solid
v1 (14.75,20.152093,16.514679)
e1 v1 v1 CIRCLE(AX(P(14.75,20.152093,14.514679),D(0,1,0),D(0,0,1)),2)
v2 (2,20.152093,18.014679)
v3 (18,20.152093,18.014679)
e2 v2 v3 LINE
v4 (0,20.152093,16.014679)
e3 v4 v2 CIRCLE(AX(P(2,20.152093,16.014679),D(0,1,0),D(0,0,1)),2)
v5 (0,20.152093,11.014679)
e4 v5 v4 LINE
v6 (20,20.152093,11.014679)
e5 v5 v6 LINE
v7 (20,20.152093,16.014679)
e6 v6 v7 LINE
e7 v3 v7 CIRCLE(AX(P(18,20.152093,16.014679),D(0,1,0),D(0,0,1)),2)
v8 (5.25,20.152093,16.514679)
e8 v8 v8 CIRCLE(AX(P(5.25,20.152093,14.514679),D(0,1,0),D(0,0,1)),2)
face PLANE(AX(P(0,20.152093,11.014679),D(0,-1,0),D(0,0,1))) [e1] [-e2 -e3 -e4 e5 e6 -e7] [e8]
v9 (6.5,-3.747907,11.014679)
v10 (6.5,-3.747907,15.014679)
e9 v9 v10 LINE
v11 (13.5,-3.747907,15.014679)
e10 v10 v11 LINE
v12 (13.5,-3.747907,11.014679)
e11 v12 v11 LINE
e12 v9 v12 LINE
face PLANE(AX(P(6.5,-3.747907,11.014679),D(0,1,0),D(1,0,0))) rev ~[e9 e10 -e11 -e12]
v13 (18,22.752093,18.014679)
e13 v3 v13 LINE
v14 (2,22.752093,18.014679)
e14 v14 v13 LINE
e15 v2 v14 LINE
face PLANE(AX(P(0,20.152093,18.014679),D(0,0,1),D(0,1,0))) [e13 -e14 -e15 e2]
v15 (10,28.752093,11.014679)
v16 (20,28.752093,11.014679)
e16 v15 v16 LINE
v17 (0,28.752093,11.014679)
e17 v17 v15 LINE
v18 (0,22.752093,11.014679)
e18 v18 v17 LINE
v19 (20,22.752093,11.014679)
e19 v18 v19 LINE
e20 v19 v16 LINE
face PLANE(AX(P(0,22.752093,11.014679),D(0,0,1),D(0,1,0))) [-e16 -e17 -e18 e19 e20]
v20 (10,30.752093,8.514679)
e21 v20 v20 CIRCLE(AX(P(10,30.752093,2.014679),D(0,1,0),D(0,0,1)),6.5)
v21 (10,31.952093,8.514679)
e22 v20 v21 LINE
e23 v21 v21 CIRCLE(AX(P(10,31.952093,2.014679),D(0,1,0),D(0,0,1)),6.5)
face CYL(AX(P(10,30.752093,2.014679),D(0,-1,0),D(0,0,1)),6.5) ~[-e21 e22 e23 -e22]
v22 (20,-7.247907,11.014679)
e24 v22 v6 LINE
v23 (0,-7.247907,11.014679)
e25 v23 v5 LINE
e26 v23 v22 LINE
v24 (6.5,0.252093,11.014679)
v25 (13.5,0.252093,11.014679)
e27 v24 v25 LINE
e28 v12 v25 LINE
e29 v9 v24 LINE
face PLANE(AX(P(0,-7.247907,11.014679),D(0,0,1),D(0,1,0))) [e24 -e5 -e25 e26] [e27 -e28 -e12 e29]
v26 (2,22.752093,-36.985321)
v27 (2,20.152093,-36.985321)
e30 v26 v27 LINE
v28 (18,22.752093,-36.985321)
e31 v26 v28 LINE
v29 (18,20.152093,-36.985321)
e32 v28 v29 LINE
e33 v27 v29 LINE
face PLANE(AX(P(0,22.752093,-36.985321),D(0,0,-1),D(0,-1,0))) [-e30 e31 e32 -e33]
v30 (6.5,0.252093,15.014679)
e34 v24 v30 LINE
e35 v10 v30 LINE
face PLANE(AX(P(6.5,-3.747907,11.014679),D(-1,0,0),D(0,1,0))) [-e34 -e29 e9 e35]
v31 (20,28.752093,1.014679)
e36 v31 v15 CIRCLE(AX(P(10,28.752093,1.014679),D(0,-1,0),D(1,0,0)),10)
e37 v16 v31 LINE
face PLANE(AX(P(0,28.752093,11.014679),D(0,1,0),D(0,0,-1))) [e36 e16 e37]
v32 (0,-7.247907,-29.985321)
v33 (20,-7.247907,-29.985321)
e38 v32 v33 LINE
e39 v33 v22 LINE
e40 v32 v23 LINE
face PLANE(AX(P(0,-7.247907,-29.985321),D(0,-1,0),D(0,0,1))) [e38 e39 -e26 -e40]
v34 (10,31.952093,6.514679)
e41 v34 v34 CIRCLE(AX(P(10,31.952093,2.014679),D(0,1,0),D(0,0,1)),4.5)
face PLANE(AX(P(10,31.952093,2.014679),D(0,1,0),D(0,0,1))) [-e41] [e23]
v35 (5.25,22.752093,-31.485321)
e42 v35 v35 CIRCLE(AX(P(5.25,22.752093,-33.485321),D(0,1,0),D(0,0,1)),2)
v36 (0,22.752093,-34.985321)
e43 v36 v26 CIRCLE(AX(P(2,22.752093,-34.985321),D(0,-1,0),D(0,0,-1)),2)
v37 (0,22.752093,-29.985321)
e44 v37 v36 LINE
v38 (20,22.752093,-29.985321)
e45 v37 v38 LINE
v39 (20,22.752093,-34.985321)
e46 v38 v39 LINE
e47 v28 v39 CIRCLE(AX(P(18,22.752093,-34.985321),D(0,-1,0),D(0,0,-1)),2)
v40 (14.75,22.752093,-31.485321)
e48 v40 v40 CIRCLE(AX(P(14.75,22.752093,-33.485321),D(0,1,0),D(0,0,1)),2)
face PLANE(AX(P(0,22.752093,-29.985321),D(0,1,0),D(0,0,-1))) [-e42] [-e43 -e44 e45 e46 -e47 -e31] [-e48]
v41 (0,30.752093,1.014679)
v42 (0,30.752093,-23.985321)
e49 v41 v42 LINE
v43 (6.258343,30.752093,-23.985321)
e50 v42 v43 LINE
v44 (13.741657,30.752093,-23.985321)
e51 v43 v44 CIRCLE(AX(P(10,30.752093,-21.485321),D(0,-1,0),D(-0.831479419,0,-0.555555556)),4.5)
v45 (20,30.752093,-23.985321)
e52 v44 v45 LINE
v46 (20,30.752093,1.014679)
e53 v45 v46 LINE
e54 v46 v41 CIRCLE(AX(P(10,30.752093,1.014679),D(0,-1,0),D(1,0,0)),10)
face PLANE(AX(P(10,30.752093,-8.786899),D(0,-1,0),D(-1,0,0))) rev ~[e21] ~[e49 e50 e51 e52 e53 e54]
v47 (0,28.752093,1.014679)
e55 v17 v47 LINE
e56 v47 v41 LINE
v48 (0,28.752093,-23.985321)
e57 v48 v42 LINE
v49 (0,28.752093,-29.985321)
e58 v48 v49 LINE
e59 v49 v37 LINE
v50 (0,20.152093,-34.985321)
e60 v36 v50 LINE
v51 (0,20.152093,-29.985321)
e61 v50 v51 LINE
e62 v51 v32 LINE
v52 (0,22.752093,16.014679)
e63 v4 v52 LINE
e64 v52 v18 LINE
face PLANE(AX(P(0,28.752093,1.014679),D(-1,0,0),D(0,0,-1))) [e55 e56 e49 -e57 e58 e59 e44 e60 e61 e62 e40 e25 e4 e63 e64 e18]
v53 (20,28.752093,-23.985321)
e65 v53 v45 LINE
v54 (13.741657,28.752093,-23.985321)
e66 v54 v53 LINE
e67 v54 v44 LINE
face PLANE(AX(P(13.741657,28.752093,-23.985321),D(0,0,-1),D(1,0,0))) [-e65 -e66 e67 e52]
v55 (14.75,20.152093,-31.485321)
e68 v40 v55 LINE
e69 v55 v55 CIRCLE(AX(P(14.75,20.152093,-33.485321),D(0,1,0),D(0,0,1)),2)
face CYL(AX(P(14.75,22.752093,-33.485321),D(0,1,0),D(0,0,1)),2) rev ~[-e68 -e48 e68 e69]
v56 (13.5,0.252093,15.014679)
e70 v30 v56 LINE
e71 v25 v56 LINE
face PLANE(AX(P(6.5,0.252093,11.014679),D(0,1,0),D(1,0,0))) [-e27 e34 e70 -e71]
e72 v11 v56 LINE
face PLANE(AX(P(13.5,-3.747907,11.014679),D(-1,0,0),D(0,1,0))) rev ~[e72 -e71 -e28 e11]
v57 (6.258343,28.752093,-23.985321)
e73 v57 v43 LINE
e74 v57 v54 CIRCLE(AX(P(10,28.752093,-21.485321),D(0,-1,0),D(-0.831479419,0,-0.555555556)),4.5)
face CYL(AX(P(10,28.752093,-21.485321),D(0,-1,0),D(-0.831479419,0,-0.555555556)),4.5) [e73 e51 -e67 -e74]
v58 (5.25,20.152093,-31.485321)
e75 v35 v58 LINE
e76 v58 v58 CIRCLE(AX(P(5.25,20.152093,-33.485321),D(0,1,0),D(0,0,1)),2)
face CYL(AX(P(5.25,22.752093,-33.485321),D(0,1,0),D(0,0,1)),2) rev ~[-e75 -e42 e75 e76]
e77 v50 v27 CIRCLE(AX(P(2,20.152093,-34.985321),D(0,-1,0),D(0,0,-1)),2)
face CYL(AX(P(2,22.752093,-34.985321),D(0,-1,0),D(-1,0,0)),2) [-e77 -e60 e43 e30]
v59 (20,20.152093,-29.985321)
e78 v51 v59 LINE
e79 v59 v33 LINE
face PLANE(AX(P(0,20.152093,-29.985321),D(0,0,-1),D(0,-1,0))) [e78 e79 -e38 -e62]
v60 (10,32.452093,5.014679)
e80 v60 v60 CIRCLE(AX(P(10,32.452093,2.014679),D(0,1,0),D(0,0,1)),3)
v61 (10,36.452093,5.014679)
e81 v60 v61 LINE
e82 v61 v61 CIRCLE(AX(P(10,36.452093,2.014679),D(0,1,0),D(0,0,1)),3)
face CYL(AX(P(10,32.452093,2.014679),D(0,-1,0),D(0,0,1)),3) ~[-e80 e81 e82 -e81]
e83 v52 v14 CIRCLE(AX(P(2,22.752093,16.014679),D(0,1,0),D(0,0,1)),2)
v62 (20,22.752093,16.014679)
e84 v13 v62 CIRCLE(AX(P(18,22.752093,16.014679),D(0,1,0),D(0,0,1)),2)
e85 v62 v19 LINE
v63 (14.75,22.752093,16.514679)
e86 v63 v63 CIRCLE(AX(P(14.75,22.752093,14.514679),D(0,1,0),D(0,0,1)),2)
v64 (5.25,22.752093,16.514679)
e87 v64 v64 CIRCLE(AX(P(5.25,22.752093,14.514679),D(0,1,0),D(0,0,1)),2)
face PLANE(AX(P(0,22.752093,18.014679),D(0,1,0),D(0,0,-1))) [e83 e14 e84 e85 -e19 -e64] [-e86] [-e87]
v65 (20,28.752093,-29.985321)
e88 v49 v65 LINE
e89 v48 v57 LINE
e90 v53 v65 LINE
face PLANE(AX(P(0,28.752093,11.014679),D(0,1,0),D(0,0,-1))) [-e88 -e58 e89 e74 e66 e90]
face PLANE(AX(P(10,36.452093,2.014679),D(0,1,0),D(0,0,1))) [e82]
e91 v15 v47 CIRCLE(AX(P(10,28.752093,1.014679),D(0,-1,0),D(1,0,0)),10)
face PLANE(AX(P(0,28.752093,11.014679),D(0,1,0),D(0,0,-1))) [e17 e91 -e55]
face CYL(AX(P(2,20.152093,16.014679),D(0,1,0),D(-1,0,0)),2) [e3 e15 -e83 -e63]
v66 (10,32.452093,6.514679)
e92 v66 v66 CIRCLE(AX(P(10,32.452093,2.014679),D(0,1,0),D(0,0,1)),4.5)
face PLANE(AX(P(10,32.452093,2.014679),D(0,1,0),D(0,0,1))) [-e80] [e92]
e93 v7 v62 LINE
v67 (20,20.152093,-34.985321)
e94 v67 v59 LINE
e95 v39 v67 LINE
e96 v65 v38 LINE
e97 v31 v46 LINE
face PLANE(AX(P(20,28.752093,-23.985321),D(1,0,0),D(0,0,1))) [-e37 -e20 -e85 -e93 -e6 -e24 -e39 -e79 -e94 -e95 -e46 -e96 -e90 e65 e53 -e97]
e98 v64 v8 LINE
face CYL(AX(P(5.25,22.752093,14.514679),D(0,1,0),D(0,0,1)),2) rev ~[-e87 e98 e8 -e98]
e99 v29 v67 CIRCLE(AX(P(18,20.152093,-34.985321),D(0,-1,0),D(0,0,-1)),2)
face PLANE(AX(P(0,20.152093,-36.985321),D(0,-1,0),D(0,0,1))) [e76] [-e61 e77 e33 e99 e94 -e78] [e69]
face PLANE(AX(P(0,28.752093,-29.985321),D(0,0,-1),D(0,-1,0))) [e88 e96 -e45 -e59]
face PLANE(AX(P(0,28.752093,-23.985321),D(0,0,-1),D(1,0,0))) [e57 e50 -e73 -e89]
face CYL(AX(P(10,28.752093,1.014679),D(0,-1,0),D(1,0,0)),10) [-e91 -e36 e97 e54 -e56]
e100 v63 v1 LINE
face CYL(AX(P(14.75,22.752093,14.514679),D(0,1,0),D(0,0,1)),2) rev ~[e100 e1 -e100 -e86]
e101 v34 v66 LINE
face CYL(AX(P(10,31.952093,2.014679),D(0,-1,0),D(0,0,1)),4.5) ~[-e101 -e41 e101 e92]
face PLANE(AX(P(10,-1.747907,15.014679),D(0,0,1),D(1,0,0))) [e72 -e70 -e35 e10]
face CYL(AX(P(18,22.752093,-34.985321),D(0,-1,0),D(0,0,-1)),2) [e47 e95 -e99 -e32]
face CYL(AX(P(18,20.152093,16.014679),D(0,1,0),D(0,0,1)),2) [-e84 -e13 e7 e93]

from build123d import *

# Parameters (mm, degrees)
AUFSATZ_LINEAR_AUSTRAGEN3_DEPTH = 20
AUFSATZ_LINEAR_AUSTRAGEN4_DEPTH = 2
SKIZZE3_R                       = 6.5
AUFSATZ_LINEAR_AUSTRAGEN5_DEPTH = 1.2
SCHNITT_LINEAR_AUSTRAGEN1_REACH = 53.652
SKIZZE4_R                       = 2
SKIZZE6_W                       = 7
SKIZZE6_H                       = 4
AUFSATZ_LINEAR_AUSTRAGEN6_DEPTH = 4
SKIZZE7_R                       = 4.5
AUFSATZ_LINEAR_AUSTRAGEN7_DEPTH = 0.5
SKIZZE8_R                       = 3
AUFSATZ_LINEAR_AUSTRAGEN8_DEPTH = 4
VERRUNDUNG3_R                   = 2


with BuildPart() as part:
    # Skizze1 → Aufsatz-Linear austragen3 (new body)
    with BuildSketch(Plane(origin=(0, 0, 0), x_dir=(0, 0, -1), z_dir=(1, 0, 0))):
        Polygon((-11.014679398, 22.752092755), (-11.014679398, 28.752092755), (29.985320602, 28.752092755), (29.985320602, 22.752092755), (36.985320602, 22.752092755), (36.985320602, 20.152092755), (29.985320602, 20.152092755), (29.985320602, -7.247907245), (-11.014679398, -7.247907245), (-11.014679398, 20.152092755), (-18.014679398, 20.152092755), (-18.014679398, 22.752092755), align=None)
    extrude(amount=AUFSATZ_LINEAR_AUSTRAGEN3_DEPTH)

    # Skizze2 → Aufsatz-Linear austragen4 (add)
    with BuildSketch(Plane(origin=(0, 28.752092755, 0), x_dir=(1, 0, 0), z_dir=(0, 1, 0))):
        with BuildLine():
            Line((0, -1.014679398), (0, 23.985320602))
            Line((0, 23.985320602), (6.258342613, 23.985320602))
            ThreePointArc((6.258342613, 23.985320602), (10, 25.985320602), (13.741657387, 23.985320602))
            Line((13.741657387, 23.985320602), (20, 23.985320602))
            Line((20, 23.985320602), (20, -1.014679398))
            ThreePointArc((20, -1.014679398), (10, -11.014679398), (0, -1.014679398))
        make_face()
    extrude(amount=AUFSATZ_LINEAR_AUSTRAGEN4_DEPTH)

    # Skizze3 → Aufsatz-Linear austragen5 (add)
    with BuildSketch(Plane(origin=(0, 30.752092755, 0), x_dir=(1, 0, 0), z_dir=(0, 1, 0))):
        with Locations(Location((10, -2.014679398, 0), (0, 0, 270))):
            Circle(SKIZZE3_R)
    extrude(amount=AUFSATZ_LINEAR_AUSTRAGEN5_DEPTH)

    # Skizze4 → Schnitt-Linear austragen1 (cut, up to next)
    with BuildSketch(Plane(origin=(0, 22.752092755, 0), x_dir=(1, 0, 0), z_dir=(0, 1, 0)), mode=Mode.PRIVATE) as schnitt_linear_austragen1_sk1:
        with Locations(Location((5.25, -14.514679398, 0), (0, 0, 270))):
            Circle(SKIZZE4_R)
    schnitt_linear_austragen1_tool1 = extrude(schnitt_linear_austragen1_sk1.sketch, amount=-SCHNITT_LINEAR_AUSTRAGEN1_REACH, mode=Mode.PRIVATE) & part.part
    # Skizze4 → Schnitt-Linear austragen1 (cut, up to next)
    with BuildSketch(Plane(origin=(0, 22.752092755, 0), x_dir=(1, 0, 0), z_dir=(0, 1, 0)), mode=Mode.PRIVATE) as schnitt_linear_austragen1_sk2:
        with Locations(Location((14.75, -14.514679398, 0), (0, 0, 270))):
            Circle(SKIZZE4_R)
    schnitt_linear_austragen1_tool2 = extrude(schnitt_linear_austragen1_sk2.sketch, amount=-SCHNITT_LINEAR_AUSTRAGEN1_REACH, mode=Mode.PRIVATE) & part.part
    # Skizze4 → Schnitt-Linear austragen1 (cut, up to next)
    with BuildSketch(Plane(origin=(0, 22.752092755, 0), x_dir=(1, 0, 0), z_dir=(0, 1, 0)), mode=Mode.PRIVATE) as schnitt_linear_austragen1_sk3:
        with Locations(Location((14.75, 33.485320602, 0), (0, 0, 270))):
            Circle(SKIZZE4_R)
    schnitt_linear_austragen1_tool3 = extrude(schnitt_linear_austragen1_sk3.sketch, amount=-SCHNITT_LINEAR_AUSTRAGEN1_REACH, mode=Mode.PRIVATE) & part.part
    # Skizze4 → Schnitt-Linear austragen1 (cut, up to next)
    with BuildSketch(Plane(origin=(0, 22.752092755, 0), x_dir=(1, 0, 0), z_dir=(0, 1, 0)), mode=Mode.PRIVATE) as schnitt_linear_austragen1_sk4:
        with Locations(Location((5.25, 33.485320602, 0), (0, 0, 270))):
            Circle(SKIZZE4_R)
    schnitt_linear_austragen1_tool4 = extrude(schnitt_linear_austragen1_sk4.sketch, amount=-SCHNITT_LINEAR_AUSTRAGEN1_REACH, mode=Mode.PRIVATE) & part.part
    add(schnitt_linear_austragen1_tool1.solids().sort_by_distance((5.25, 22.752093, 14.514679))[0], mode=Mode.SUBTRACT)
    add(schnitt_linear_austragen1_tool2.solids().sort_by_distance((14.75, 22.752093, 14.514679))[0], mode=Mode.SUBTRACT)
    add(schnitt_linear_austragen1_tool3.solids().sort_by_distance((14.75, 22.752093, -33.485321))[0], mode=Mode.SUBTRACT)
    add(schnitt_linear_austragen1_tool4.solids().sort_by_distance((5.25, 22.752093, -33.485321))[0], mode=Mode.SUBTRACT)

    # Skizze6 → Aufsatz-Linear austragen6 (add)
    with BuildSketch(Plane.XY.offset(11.014679398)):
        with Locations((10, -1.747907245)):
            Rectangle(SKIZZE6_W, SKIZZE6_H)
    extrude(amount=AUFSATZ_LINEAR_AUSTRAGEN6_DEPTH)

    # Skizze7 → Aufsatz-Linear austragen7 (add)
    with BuildSketch(Plane(origin=(0, 31.952092755, 0), x_dir=(1, 0, 0), z_dir=(0, 1, 0))):
        with Locations(Location((10, -2.014679398, 0), (0, 0, 270))):
            Circle(SKIZZE7_R)
    extrude(amount=AUFSATZ_LINEAR_AUSTRAGEN7_DEPTH)

    # Skizze8 → Aufsatz-Linear austragen8 (add)
    with BuildSketch(Plane(origin=(0, 32.452092755, 0), x_dir=(1, 0, 0), z_dir=(0, 1, 0))):
        with Locations(Location((10, -2.014679398, 0), (0, 0, 270))):
            Circle(SKIZZE8_R)
    extrude(amount=AUFSATZ_LINEAR_AUSTRAGEN8_DEPTH)

    # Verrundung3
    verrundung3_edges = [part.edges().sort_by_distance(p)[0] for p in [
        (0, 21.452092755, 18.014679398),
        (0, 21.452092755, -36.985320602),
        (20, 21.452092755, -36.985320602),
        (20, 21.452092755, 18.014679398),
    ]]
    fillet(verrundung3_edges, radius=VERRUNDUNG3_R)


solid = part.part
